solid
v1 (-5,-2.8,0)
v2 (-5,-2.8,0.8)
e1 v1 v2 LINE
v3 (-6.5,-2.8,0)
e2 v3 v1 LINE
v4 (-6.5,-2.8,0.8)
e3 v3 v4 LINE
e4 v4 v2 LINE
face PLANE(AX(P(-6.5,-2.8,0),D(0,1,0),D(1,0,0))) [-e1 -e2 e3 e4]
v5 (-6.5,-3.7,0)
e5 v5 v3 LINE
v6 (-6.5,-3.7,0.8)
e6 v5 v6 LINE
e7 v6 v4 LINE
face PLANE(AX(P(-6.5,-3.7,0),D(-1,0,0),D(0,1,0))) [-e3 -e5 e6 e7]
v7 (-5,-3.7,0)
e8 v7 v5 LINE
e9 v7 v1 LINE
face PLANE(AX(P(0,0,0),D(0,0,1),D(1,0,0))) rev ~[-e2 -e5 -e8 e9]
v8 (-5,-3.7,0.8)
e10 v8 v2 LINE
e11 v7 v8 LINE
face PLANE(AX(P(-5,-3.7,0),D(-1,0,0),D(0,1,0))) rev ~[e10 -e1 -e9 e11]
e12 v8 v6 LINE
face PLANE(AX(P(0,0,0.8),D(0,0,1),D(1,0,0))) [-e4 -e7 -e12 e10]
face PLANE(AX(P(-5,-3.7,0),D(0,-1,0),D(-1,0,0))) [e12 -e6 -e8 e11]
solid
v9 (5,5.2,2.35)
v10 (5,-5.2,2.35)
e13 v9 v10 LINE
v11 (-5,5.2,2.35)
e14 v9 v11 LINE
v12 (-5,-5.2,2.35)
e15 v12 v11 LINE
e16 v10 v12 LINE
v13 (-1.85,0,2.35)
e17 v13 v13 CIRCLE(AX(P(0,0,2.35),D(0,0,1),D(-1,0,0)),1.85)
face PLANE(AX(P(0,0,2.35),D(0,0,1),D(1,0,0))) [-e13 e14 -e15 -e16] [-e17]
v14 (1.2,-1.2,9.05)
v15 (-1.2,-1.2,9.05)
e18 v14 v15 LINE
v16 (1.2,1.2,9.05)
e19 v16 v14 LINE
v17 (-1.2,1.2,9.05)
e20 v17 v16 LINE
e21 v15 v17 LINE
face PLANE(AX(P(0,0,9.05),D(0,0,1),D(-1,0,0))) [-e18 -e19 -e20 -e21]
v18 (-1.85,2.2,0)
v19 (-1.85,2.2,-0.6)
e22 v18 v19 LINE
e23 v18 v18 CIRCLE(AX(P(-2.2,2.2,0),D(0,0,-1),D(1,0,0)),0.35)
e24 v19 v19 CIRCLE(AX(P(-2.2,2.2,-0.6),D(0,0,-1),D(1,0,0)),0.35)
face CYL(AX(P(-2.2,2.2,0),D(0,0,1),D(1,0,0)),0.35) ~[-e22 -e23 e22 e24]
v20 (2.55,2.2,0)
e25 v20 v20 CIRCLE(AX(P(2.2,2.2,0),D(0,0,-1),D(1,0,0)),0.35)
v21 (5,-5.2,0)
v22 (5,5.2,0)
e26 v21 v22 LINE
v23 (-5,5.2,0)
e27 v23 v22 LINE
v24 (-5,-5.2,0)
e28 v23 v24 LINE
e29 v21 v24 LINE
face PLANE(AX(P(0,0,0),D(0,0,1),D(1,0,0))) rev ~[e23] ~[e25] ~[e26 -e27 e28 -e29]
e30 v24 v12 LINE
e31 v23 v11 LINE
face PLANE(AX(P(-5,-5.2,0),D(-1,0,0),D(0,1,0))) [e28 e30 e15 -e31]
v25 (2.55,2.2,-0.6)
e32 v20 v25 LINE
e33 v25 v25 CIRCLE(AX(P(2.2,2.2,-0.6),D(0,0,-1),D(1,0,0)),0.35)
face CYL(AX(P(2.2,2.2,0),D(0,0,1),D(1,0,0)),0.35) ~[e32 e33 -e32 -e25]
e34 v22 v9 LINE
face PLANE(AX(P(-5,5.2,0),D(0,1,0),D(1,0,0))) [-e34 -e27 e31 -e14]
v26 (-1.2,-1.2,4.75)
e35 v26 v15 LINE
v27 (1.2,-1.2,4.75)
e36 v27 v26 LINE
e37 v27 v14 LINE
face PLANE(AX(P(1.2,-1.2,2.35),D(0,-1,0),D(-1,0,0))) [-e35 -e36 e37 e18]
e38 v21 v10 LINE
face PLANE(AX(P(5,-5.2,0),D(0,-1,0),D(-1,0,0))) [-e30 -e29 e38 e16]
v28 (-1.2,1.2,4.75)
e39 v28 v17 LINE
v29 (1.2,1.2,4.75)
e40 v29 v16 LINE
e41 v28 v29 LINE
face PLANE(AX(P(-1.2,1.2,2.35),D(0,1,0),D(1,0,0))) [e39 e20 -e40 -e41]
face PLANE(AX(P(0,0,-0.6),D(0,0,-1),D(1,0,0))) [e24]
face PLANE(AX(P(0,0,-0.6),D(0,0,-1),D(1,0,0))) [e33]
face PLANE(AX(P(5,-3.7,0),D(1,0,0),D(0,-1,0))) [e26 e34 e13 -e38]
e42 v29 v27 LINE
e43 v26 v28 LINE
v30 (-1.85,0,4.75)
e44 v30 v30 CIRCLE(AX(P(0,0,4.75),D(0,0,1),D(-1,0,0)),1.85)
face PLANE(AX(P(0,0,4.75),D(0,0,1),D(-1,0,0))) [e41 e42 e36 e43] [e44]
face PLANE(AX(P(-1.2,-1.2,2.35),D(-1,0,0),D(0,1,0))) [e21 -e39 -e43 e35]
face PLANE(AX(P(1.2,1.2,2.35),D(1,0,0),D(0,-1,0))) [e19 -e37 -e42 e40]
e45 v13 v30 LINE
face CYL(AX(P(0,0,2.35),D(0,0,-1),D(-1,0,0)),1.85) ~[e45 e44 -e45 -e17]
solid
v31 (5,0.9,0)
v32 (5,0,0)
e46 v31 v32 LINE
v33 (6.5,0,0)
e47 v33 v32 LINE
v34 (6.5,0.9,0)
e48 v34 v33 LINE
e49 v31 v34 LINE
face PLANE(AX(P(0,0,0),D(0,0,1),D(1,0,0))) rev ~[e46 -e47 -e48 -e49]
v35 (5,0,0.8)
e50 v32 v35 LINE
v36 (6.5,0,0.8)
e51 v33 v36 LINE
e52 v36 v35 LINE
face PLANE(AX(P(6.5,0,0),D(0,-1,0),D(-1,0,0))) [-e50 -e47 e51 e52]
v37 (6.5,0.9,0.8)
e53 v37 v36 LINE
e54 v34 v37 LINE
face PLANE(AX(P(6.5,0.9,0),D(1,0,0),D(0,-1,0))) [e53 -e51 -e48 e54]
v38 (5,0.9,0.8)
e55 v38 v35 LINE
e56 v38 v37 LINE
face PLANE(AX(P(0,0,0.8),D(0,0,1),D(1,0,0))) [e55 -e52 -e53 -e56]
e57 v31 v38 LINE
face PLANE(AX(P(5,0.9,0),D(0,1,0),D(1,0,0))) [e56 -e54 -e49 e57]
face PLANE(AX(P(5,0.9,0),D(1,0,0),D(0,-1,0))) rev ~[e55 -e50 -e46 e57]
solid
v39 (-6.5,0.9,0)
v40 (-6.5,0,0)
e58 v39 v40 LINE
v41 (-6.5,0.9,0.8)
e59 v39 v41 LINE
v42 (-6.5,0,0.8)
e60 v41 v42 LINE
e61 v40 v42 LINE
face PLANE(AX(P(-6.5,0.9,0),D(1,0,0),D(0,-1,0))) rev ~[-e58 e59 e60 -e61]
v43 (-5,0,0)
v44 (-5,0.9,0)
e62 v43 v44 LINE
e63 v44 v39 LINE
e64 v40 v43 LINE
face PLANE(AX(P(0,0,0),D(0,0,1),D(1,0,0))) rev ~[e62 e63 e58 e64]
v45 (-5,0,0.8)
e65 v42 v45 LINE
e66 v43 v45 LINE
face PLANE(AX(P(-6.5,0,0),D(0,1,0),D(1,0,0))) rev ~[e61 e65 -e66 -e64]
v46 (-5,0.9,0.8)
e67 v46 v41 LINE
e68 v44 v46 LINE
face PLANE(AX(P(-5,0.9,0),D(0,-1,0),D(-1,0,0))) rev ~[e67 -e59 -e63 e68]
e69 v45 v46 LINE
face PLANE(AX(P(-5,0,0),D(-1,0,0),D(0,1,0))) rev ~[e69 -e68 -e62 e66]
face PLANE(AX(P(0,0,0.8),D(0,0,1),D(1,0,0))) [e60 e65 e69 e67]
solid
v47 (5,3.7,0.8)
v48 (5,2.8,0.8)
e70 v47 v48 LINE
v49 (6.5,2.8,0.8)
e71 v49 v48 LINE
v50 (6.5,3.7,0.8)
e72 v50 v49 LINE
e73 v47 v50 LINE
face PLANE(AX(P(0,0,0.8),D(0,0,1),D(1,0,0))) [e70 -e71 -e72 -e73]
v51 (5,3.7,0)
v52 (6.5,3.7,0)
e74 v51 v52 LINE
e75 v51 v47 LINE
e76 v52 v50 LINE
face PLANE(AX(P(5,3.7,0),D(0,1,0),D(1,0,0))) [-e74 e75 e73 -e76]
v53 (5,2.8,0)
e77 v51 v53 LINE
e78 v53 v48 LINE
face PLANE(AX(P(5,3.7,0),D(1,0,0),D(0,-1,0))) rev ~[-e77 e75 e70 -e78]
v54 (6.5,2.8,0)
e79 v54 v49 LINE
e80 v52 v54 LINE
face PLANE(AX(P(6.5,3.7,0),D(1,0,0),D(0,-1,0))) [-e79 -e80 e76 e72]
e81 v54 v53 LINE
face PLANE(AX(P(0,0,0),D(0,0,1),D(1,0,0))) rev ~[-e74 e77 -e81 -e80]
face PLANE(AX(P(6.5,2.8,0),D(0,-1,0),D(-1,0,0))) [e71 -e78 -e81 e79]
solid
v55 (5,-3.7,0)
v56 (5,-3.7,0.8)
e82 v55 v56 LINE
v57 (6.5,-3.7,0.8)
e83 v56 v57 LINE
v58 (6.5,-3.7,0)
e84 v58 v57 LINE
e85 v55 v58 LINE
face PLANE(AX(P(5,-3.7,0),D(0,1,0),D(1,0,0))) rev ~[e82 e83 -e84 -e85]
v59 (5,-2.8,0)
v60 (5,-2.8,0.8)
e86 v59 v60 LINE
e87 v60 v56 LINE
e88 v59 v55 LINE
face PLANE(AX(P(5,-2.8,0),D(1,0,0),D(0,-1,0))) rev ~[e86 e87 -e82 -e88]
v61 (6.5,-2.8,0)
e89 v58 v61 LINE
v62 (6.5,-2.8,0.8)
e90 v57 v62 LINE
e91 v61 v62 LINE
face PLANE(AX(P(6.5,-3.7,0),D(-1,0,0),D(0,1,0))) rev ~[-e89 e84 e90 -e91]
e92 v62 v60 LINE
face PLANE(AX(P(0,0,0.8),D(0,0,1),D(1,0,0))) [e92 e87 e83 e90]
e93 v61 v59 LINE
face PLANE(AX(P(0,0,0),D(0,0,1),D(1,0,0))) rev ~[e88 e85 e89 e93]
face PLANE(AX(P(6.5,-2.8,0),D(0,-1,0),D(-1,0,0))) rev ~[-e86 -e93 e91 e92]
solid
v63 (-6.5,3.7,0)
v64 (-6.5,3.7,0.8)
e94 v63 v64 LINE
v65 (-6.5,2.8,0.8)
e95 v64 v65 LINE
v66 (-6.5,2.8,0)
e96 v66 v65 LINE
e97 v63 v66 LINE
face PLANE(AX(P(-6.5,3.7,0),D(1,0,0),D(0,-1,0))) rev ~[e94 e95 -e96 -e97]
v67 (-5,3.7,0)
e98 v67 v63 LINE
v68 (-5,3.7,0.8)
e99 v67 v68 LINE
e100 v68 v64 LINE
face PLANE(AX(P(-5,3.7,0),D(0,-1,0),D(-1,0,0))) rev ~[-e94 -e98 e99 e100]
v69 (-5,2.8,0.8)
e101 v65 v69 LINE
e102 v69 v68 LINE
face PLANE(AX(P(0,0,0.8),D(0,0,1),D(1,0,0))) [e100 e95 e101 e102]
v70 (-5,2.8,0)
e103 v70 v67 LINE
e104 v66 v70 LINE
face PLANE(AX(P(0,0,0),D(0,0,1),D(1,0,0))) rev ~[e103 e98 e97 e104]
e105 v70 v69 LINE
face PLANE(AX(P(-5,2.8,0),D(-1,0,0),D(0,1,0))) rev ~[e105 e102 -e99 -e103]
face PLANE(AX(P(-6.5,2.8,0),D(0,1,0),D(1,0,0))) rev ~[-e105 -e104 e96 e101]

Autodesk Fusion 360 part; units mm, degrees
sketch "Sketch1" plane through (0, 0, 0) normal (0, 0, 1) x (1, 0, 0)
  line L0 (5, -5.2) -> (-5, -5.2)
  line L1 (-5, -5.2) -> (-5, 5.2)
  line L2 (-5, 5.2) -> (5, 5.2)
  line L3 (5, 5.2) -> (5, -5.2)
  line L4 (5, -5.2) -> (-5, 5.2) construction
  line L5 (-5, -5.2) -> (5, 5.2) construction
  line L6 (0, 0) -> (6.5, 0) construction
  line L7 (6.5, 0) -> (6.5, 5.2) construction
  line L8 (6.5, 0) -> (5, 0)
  line L9 (5, 0) -> (5, 0.9)
  line L10 (5, 0.9) -> (6.5, 0.9)
  line L11 (6.5, 0.9) -> (6.5, 0)
  line L12 (6.5, 0.45) -> (6.5, 3.25) construction
  line L13 (6.5, 3.25) -> (5, 3.25) construction
  line L14 (6.5, 2.8) -> (5, 2.8)
  line L15 (5, 2.8) -> (5, 3.7)
  line L16 (5, 3.7) -> (6.5, 3.7)
  line L17 (6.5, 3.7) -> (6.5, 2.8)
  line L18 (6.5, 2.8) -> (5, 3.7) construction
  line L19 (5, 2.8) -> (6.5, 3.7) construction
  line L20 (6.5, 0.45) -> (6.5, -3.25) construction
  line L21 (6.5, -3.25) -> (5, -3.25) construction
  line L22 (6.5, -2.8) -> (5, -2.8)
  line L23 (5, -2.8) -> (5, -3.7)
  line L24 (5, -3.7) -> (6.5, -3.7)
  line L25 (6.5, -3.7) -> (6.5, -2.8)
  line L26 (6.5, -2.8) -> (5, -3.7) construction
  line L27 (5, -2.8) -> (6.5, -3.7) construction
  line L28 (0, 2.5) -> (0, 20)
  line L29 (-5, 2.8) -> (-5, 3.7)
  line L30 (-6.5, 0.9) -> (-6.5, 0)
  line L31 (-6.5, -3.25) -> (-5, -3.25) construction
  line L32 (-6.5, -2.8) -> (-5, -3.7) construction
  line L33 (-6.5, 3.25) -> (-5, 3.25) construction
  line L34 (-6.5, 0) -> (-5, 0)
  line L35 (-6.5, 3.7) -> (-6.5, 2.8)
  line L36 (-5, -2.8) -> (-5, -3.7)
  line L37 (-5, -2.8) -> (-6.5, -3.7) construction
  line L38 (-6.5, -2.8) -> (-5, -2.8)
  line L39 (-6.5, 0.45) -> (-6.5, -3.25) construction
  line L40 (-5, 2.8) -> (-6.5, 3.7) construction
  line L41 (-6.5, 0.45) -> (-6.5, 3.25) construction
  line L42 (-5, 3.7) -> (-6.5, 3.7)
  line L43 (-5, 0.9) -> (-6.5, 0.9)
  line L44 (-6.5, 2.8) -> (-5, 2.8)
  line L45 (-5, 0) -> (-5, 0.9)
  line L46 (-6.5, -3.7) -> (-6.5, -2.8)
  line L47 (-5, -3.7) -> (-6.5, -3.7)
  line L48 (-6.5, 2.8) -> (-5, 3.7) construction
  point P0 (5.75, 3.25)
  point P1 (5.75, -3.25)
  point P2 (-5.75, -3.25)
  point P3 (-5.75, 3.25)
  dimension "d1" = 10
  dimension "d2" = 10.4
  dimension "d3" = 6.5
  dimension "d4" = 0.9
  dimension "d5" = 2.8
  dimension "d6" = 0.9
  dimension "d7" = 3.7
  dimension "d8" = 0.9
extrude "Extrude1" add sketch "Sketch1" along normal blind 2.35 contours L0 L1 L2 L3 L9 L15 L23 L29 L36 L45 makes body 1
extrude "Extrude2" add sketch "Sketch1" along normal blind 0.8 separate body contours L3 L22 L23 L24 L25 | L1 L36 L38 L46 L47 | L3 L8 L9 L10 L11 | L1 L30 L34 L43 L45 | L3 L14 L15 L16 L17 | L1 L29 L35 L42 L44 makes body 2 at (-5.5, 3.1, 0) makes body 3 at (6, 3.4, 0) makes body 4 at (-5.5, 0.3, 0) makes body 5 at (5.5, -3.1, 0) makes body 6 at (5.5, 0.6, 0) makes body 7 at (-6, -3.4, 0)
sketch "Sketch2" plane through (0, 0, 2.35) normal (0, 0, 1) x (-1, 0, 0)
  line L0 (5, -5.2) -> (5, 5.2)
  line L1 (5, 5.2) -> (-5, 5.2)
  line L2 (-5, 5.2) -> (-5, -5.2)
  line L3 (-5, -5.2) -> (5, -5.2)
  circle A0 centre (0, 0) radius 1.85
  line L4 (-1.2, 1.2) -> (1.2, 1.2)
  line L5 (1.2, 1.2) -> (1.2, -1.2)
  line L6 (1.2, -1.2) -> (-1.2, -1.2)
  line L7 (-1.2, -1.2) -> (-1.2, 1.2)
  line L8 (-1.2, 1.2) -> (1.2, -1.2) construction
  line L9 (1.2, 1.2) -> (-1.2, -1.2) construction
  dimension "d13" = 3.7
  dimension "d14" = 2.4
  dimension "d15" = 2.4
extrude "Extrude3" add sketch "Sketch2" along normal blind 6.7 contours L4 L5 L6 L7 bodies 1
extrude "Extrude4" add sketch "Sketch2" along normal blind 2.4 contours A0 bodies 1
sketch "Sketch3" plane through (0, 0, 0) normal (0, 0, -1) x (1, 0, 0)
  line L0 (-5, 5.2) -> (-5, -5.2)
  line L1 (-5, -5.2) -> (5, -5.2)
  line L2 (5, -5.2) -> (5, 5.2)
  line L3 (5, 5.2) -> (-5, 5.2)
  line L4 (-1.2, -1.2) -> (-1.2, 1.2) construction
  line L5 (0, 0) -> (-2.2, 0) construction
  line L6 (-2.2, 0) -> (-2.2, -2.2) construction
  line L7 (-2.2, -2.2) -> (2.2, -2.2) construction
  circle A0 centre (2.2, -2.2) radius 0.35
  circle A1 centre (-2.2, -2.2) radius 0.35
  dimension "d20" = 2.2
  dimension "d21" = 2.2
  dimension "d22" = 4.4
  dimension "d23" = 0.7
  dimension "d24" = 0.7
extrude "Extrude5" add sketch "Sketch3" along normal blind 0.6 contours A0 | A1 bodies 1
